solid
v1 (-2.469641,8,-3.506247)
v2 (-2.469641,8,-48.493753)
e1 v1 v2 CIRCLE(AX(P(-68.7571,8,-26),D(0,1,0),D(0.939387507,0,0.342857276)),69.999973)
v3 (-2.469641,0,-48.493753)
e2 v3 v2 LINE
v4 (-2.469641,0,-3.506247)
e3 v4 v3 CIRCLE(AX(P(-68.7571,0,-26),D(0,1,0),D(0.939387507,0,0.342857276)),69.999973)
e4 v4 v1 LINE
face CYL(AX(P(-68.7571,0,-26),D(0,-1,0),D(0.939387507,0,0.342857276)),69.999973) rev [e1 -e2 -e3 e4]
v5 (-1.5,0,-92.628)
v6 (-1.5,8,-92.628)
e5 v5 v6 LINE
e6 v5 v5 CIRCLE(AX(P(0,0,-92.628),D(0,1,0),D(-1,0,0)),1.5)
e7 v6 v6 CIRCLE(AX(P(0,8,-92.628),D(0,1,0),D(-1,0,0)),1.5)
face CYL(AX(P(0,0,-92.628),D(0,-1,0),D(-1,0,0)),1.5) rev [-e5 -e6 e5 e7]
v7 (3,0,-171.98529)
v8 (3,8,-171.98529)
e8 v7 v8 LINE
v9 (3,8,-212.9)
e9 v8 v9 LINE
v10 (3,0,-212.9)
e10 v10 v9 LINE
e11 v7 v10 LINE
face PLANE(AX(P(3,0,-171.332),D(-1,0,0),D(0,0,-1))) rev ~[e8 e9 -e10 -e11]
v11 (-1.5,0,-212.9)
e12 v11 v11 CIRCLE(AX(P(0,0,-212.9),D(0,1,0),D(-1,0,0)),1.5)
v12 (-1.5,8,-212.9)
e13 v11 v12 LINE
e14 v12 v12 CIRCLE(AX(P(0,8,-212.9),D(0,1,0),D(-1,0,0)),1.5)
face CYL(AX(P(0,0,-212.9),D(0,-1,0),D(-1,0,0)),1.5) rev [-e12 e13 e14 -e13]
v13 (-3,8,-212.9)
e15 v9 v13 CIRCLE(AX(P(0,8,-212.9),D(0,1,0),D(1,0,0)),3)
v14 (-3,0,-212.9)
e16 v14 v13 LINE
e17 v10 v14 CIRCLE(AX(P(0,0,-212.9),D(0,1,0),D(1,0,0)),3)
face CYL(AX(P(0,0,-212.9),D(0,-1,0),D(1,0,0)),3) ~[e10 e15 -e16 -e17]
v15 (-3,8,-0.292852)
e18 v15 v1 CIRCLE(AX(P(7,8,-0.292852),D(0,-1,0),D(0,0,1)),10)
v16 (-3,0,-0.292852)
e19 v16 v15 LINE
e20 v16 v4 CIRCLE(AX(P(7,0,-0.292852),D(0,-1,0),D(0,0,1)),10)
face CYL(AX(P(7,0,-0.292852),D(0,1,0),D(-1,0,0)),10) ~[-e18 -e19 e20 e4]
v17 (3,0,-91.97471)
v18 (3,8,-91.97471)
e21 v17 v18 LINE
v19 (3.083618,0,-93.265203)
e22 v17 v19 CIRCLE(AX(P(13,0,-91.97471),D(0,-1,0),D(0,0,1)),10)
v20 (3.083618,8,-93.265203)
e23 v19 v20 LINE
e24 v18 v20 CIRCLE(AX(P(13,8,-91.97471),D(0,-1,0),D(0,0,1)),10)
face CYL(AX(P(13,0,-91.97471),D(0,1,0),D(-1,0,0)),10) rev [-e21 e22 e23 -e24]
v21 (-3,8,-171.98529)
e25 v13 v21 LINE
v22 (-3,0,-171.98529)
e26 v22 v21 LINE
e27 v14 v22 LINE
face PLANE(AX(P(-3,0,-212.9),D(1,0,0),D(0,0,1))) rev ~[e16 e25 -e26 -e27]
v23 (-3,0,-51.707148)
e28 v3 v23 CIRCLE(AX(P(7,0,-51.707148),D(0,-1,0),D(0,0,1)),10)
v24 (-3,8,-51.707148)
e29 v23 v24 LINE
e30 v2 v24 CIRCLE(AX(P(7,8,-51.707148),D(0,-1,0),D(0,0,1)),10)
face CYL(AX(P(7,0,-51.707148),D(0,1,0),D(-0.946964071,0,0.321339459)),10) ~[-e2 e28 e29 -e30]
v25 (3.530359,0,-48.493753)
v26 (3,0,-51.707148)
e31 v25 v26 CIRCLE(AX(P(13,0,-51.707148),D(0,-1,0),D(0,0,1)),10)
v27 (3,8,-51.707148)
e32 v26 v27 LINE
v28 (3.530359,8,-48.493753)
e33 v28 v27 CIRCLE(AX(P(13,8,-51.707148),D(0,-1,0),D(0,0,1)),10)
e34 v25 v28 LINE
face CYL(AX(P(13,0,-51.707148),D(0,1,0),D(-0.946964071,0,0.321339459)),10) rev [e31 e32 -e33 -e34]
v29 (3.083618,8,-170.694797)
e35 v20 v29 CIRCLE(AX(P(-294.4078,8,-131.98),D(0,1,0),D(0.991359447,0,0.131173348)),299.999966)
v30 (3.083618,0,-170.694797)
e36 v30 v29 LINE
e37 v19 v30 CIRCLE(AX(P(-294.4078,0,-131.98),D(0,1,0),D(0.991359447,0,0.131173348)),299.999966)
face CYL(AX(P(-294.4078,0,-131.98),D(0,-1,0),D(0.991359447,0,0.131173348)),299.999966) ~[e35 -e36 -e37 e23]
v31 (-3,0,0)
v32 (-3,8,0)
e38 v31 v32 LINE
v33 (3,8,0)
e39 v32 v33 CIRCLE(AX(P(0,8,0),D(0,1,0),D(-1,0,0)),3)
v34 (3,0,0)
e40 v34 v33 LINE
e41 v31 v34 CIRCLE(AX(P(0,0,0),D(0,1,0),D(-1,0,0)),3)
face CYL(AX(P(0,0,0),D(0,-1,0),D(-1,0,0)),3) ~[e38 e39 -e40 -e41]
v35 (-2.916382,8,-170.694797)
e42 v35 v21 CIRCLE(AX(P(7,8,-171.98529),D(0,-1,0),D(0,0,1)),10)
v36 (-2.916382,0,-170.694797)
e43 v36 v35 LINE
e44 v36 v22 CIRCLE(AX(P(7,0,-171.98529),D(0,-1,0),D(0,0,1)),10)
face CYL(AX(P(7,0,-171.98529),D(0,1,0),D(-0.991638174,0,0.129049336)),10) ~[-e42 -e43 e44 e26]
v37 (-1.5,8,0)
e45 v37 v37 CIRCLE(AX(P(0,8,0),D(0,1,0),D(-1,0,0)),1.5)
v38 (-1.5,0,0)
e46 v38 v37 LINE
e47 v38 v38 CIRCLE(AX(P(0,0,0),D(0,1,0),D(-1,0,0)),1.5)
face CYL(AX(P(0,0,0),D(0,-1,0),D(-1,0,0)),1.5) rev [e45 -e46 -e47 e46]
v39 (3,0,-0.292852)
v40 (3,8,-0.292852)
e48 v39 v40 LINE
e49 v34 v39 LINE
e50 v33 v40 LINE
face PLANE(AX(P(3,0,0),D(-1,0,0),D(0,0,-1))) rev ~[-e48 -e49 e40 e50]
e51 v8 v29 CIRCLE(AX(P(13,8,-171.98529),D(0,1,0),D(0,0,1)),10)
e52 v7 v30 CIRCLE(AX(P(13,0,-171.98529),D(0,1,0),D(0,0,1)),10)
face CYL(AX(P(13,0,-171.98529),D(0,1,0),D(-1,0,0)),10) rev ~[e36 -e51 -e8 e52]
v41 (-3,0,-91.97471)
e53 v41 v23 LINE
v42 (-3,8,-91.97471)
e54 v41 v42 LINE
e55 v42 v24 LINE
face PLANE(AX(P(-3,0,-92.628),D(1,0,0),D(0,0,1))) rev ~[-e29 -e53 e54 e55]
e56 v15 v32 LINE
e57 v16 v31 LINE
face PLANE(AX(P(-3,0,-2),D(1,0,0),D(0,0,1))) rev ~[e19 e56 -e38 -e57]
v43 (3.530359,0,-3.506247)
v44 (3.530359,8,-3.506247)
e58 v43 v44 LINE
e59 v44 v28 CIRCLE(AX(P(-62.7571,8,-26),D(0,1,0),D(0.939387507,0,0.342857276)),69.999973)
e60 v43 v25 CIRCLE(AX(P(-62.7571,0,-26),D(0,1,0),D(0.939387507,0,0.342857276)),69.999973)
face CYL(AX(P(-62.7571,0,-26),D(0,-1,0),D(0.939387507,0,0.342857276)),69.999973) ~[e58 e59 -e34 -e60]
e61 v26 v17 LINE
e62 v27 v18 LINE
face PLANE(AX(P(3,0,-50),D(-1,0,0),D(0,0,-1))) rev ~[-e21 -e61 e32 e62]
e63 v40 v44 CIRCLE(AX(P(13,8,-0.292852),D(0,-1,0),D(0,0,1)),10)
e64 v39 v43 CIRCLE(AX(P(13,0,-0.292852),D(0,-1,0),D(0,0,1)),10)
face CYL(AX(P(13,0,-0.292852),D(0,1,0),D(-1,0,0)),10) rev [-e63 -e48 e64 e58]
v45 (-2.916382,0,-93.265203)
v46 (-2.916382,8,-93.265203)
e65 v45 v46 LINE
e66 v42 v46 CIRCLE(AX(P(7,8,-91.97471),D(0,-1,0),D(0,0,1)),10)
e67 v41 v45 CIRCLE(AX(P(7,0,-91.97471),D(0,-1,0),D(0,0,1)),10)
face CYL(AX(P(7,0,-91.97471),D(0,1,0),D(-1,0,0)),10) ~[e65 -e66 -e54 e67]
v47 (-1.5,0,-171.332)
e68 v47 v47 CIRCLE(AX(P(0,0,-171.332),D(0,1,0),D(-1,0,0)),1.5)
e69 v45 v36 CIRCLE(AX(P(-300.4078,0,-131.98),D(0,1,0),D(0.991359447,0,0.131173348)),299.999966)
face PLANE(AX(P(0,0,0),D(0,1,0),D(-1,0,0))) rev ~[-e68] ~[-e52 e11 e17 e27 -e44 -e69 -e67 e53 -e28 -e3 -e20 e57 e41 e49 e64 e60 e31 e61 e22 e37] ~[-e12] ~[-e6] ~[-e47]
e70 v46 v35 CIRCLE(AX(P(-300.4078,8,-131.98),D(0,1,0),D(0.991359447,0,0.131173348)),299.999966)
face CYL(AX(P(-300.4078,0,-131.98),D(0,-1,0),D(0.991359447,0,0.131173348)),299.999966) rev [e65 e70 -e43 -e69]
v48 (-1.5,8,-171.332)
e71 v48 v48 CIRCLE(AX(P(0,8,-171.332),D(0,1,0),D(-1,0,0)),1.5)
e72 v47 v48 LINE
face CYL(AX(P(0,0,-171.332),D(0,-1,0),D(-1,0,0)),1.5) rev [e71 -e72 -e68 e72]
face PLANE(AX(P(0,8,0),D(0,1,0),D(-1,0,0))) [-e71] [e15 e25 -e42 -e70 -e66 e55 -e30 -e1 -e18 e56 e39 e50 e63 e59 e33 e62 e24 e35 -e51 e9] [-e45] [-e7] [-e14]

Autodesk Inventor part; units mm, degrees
ref_plane "YZ Plane" through (0, 0, 0) normal (1, 0, 0) x (0, 1, 0)
ref_plane "XZ Plane" through (0, 0, 0) normal (0, 1, 0) x (-1, 0, 0)
ref_plane "XY Plane" through (0, 0, 0) normal (0, 0, 1) x (1, 0, 0)
sketch "Sketch1" plane through (0, 0, 0) normal (0, 1, 0) x (-1, 0, 0)
  line L0 (0, 0) -> (0, -212.9) construction
  line L1 (-3, 0) -> (-3, -212.9)
  line L2 (3, -212.9) -> (3, 0)
  arc A0 (3, 0) -> (-3, 0) centre (0, 0) ccw
  arc A1 (-3, -212.9) -> (3, -212.9) centre (0, -212.9) ccw
  circle A2 centre (0, 0) radius 1.5
  circle A3 centre (0, -212.9) radius 1.5
  circle A4 centre (0, -171.332) radius 1.5
  circle A5 centre (0, -92.628) radius 1.5
  arc A6 (3, -92.628) -> (3, -171.332) centre (300.4078, -131.98) ccw
  arc A7 (-3, -92.628) -> (-3, -171.332) centre (294.4078, -131.98) ccw
  arc A8 (3, -2) -> (3, -50) centre (68.7571, -26) ccw
  arc A9 (-3, -2) -> (-3, -50) centre (62.7571, -26) ccw
  point P0 (0, -106.45)
  dimension "d0" = 212.9
  dimension "d1" = 6
  dimension "d2" = 3
  dimension "d3" = 3
  dimension "d6" = 3
  dimension "d7" = 171.332
  dimension "d8" = 3
  dimension "d9" = 92.628
  dimension "d10" = 300
  dimension "d11" = 300
  dimension "d14" = 2
  dimension "d15" = 50
  dimension "d16" = 70
  dimension "d17" = 70
extrude "Extrusion1" add sketch "Sketch1" along normal blind 8 contours A0 L2 A8 A6 A1 L1 | L1 A9 | L1 A7
fillet "Fillet1" radius 10 8 edges at (-3, 4, -2) (3, 4, -2) (3, 4, -50) (-3, 4, -50) (-3, 4, -92.628) (-3, 4, -171.332) (3, 4, -92.628) (3, 4, -171.332)
sketch "Sketch2" plane through (0, 0, 0) normal (0, -1, 0) x (1, 0, 0)
  arc A0 (-2.9164, -170.6948) -> (-3, -171.9853) centre (7, -171.9853) ccw projected
  line L0 (-3, -212.9) -> (-3, -171.9853) projected
  arc A1 (-3, -212.9) -> (3, -212.9) centre (0, -212.9) ccw projected
  line L1 (3, -171.9853) -> (3, -212.9) projected
  arc A2 (3.0836, -170.6948) -> (3, -171.9853) centre (13, -171.9853) ccw projected
  arc A3 (3.0836, -170.6948) -> (3.0836, -93.2652) centre (-294.4078, -131.98) ccw projected
  arc A4 (3, -91.9747) -> (3.0836, -93.2652) centre (13, -91.9747) ccw projected
  line L2 (3, -51.7071) -> (3, -91.9747) projected
  arc A5 (3.5304, -48.4938) -> (3, -51.7071) centre (13, -51.7071) ccw projected
  arc A6 (3.5304, -48.4938) -> (3.5304, -3.5062) centre (-62.7571, -26) ccw projected
  arc A7 (3, -0.2929) -> (3.5304, -3.5062) centre (13, -0.2929) ccw projected
  line L3 (3, 0) -> (3, -0.2929) projected
  arc A8 (3, 0) -> (-3, 0) centre (0, 0) ccw projected
  line L4 (-3, -0.2929) -> (-3, 0) projected
  arc A9 (-3, -0.2929) -> (-2.4696, -3.5062) centre (7, -0.2929) ccw projected
  arc A10 (-2.4696, -48.4938) -> (-2.4696, -3.5062) centre (-68.7571, -26) ccw projected
  arc A11 (-2.4696, -48.4938) -> (-3, -51.7071) centre (7, -51.7071) ccw projected
  line L5 (-3, -91.9747) -> (-3, -51.7071) projected
  arc A12 (-3, -91.9747) -> (-2.9164, -93.2652) centre (7, -91.9747) ccw projected
  arc A13 (-2.9164, -170.6948) -> (-2.9164, -93.2652) centre (-300.4078, -131.98) ccw projected
  circle A14 centre (0, -92.628) radius 1.5 projected
  circle A15 centre (0, -171.332) radius 1.5 projected
  circle A16 centre (0, -212.9) radius 1.5 projected
  circle A17 centre (0, 0) radius 1.5 projected
